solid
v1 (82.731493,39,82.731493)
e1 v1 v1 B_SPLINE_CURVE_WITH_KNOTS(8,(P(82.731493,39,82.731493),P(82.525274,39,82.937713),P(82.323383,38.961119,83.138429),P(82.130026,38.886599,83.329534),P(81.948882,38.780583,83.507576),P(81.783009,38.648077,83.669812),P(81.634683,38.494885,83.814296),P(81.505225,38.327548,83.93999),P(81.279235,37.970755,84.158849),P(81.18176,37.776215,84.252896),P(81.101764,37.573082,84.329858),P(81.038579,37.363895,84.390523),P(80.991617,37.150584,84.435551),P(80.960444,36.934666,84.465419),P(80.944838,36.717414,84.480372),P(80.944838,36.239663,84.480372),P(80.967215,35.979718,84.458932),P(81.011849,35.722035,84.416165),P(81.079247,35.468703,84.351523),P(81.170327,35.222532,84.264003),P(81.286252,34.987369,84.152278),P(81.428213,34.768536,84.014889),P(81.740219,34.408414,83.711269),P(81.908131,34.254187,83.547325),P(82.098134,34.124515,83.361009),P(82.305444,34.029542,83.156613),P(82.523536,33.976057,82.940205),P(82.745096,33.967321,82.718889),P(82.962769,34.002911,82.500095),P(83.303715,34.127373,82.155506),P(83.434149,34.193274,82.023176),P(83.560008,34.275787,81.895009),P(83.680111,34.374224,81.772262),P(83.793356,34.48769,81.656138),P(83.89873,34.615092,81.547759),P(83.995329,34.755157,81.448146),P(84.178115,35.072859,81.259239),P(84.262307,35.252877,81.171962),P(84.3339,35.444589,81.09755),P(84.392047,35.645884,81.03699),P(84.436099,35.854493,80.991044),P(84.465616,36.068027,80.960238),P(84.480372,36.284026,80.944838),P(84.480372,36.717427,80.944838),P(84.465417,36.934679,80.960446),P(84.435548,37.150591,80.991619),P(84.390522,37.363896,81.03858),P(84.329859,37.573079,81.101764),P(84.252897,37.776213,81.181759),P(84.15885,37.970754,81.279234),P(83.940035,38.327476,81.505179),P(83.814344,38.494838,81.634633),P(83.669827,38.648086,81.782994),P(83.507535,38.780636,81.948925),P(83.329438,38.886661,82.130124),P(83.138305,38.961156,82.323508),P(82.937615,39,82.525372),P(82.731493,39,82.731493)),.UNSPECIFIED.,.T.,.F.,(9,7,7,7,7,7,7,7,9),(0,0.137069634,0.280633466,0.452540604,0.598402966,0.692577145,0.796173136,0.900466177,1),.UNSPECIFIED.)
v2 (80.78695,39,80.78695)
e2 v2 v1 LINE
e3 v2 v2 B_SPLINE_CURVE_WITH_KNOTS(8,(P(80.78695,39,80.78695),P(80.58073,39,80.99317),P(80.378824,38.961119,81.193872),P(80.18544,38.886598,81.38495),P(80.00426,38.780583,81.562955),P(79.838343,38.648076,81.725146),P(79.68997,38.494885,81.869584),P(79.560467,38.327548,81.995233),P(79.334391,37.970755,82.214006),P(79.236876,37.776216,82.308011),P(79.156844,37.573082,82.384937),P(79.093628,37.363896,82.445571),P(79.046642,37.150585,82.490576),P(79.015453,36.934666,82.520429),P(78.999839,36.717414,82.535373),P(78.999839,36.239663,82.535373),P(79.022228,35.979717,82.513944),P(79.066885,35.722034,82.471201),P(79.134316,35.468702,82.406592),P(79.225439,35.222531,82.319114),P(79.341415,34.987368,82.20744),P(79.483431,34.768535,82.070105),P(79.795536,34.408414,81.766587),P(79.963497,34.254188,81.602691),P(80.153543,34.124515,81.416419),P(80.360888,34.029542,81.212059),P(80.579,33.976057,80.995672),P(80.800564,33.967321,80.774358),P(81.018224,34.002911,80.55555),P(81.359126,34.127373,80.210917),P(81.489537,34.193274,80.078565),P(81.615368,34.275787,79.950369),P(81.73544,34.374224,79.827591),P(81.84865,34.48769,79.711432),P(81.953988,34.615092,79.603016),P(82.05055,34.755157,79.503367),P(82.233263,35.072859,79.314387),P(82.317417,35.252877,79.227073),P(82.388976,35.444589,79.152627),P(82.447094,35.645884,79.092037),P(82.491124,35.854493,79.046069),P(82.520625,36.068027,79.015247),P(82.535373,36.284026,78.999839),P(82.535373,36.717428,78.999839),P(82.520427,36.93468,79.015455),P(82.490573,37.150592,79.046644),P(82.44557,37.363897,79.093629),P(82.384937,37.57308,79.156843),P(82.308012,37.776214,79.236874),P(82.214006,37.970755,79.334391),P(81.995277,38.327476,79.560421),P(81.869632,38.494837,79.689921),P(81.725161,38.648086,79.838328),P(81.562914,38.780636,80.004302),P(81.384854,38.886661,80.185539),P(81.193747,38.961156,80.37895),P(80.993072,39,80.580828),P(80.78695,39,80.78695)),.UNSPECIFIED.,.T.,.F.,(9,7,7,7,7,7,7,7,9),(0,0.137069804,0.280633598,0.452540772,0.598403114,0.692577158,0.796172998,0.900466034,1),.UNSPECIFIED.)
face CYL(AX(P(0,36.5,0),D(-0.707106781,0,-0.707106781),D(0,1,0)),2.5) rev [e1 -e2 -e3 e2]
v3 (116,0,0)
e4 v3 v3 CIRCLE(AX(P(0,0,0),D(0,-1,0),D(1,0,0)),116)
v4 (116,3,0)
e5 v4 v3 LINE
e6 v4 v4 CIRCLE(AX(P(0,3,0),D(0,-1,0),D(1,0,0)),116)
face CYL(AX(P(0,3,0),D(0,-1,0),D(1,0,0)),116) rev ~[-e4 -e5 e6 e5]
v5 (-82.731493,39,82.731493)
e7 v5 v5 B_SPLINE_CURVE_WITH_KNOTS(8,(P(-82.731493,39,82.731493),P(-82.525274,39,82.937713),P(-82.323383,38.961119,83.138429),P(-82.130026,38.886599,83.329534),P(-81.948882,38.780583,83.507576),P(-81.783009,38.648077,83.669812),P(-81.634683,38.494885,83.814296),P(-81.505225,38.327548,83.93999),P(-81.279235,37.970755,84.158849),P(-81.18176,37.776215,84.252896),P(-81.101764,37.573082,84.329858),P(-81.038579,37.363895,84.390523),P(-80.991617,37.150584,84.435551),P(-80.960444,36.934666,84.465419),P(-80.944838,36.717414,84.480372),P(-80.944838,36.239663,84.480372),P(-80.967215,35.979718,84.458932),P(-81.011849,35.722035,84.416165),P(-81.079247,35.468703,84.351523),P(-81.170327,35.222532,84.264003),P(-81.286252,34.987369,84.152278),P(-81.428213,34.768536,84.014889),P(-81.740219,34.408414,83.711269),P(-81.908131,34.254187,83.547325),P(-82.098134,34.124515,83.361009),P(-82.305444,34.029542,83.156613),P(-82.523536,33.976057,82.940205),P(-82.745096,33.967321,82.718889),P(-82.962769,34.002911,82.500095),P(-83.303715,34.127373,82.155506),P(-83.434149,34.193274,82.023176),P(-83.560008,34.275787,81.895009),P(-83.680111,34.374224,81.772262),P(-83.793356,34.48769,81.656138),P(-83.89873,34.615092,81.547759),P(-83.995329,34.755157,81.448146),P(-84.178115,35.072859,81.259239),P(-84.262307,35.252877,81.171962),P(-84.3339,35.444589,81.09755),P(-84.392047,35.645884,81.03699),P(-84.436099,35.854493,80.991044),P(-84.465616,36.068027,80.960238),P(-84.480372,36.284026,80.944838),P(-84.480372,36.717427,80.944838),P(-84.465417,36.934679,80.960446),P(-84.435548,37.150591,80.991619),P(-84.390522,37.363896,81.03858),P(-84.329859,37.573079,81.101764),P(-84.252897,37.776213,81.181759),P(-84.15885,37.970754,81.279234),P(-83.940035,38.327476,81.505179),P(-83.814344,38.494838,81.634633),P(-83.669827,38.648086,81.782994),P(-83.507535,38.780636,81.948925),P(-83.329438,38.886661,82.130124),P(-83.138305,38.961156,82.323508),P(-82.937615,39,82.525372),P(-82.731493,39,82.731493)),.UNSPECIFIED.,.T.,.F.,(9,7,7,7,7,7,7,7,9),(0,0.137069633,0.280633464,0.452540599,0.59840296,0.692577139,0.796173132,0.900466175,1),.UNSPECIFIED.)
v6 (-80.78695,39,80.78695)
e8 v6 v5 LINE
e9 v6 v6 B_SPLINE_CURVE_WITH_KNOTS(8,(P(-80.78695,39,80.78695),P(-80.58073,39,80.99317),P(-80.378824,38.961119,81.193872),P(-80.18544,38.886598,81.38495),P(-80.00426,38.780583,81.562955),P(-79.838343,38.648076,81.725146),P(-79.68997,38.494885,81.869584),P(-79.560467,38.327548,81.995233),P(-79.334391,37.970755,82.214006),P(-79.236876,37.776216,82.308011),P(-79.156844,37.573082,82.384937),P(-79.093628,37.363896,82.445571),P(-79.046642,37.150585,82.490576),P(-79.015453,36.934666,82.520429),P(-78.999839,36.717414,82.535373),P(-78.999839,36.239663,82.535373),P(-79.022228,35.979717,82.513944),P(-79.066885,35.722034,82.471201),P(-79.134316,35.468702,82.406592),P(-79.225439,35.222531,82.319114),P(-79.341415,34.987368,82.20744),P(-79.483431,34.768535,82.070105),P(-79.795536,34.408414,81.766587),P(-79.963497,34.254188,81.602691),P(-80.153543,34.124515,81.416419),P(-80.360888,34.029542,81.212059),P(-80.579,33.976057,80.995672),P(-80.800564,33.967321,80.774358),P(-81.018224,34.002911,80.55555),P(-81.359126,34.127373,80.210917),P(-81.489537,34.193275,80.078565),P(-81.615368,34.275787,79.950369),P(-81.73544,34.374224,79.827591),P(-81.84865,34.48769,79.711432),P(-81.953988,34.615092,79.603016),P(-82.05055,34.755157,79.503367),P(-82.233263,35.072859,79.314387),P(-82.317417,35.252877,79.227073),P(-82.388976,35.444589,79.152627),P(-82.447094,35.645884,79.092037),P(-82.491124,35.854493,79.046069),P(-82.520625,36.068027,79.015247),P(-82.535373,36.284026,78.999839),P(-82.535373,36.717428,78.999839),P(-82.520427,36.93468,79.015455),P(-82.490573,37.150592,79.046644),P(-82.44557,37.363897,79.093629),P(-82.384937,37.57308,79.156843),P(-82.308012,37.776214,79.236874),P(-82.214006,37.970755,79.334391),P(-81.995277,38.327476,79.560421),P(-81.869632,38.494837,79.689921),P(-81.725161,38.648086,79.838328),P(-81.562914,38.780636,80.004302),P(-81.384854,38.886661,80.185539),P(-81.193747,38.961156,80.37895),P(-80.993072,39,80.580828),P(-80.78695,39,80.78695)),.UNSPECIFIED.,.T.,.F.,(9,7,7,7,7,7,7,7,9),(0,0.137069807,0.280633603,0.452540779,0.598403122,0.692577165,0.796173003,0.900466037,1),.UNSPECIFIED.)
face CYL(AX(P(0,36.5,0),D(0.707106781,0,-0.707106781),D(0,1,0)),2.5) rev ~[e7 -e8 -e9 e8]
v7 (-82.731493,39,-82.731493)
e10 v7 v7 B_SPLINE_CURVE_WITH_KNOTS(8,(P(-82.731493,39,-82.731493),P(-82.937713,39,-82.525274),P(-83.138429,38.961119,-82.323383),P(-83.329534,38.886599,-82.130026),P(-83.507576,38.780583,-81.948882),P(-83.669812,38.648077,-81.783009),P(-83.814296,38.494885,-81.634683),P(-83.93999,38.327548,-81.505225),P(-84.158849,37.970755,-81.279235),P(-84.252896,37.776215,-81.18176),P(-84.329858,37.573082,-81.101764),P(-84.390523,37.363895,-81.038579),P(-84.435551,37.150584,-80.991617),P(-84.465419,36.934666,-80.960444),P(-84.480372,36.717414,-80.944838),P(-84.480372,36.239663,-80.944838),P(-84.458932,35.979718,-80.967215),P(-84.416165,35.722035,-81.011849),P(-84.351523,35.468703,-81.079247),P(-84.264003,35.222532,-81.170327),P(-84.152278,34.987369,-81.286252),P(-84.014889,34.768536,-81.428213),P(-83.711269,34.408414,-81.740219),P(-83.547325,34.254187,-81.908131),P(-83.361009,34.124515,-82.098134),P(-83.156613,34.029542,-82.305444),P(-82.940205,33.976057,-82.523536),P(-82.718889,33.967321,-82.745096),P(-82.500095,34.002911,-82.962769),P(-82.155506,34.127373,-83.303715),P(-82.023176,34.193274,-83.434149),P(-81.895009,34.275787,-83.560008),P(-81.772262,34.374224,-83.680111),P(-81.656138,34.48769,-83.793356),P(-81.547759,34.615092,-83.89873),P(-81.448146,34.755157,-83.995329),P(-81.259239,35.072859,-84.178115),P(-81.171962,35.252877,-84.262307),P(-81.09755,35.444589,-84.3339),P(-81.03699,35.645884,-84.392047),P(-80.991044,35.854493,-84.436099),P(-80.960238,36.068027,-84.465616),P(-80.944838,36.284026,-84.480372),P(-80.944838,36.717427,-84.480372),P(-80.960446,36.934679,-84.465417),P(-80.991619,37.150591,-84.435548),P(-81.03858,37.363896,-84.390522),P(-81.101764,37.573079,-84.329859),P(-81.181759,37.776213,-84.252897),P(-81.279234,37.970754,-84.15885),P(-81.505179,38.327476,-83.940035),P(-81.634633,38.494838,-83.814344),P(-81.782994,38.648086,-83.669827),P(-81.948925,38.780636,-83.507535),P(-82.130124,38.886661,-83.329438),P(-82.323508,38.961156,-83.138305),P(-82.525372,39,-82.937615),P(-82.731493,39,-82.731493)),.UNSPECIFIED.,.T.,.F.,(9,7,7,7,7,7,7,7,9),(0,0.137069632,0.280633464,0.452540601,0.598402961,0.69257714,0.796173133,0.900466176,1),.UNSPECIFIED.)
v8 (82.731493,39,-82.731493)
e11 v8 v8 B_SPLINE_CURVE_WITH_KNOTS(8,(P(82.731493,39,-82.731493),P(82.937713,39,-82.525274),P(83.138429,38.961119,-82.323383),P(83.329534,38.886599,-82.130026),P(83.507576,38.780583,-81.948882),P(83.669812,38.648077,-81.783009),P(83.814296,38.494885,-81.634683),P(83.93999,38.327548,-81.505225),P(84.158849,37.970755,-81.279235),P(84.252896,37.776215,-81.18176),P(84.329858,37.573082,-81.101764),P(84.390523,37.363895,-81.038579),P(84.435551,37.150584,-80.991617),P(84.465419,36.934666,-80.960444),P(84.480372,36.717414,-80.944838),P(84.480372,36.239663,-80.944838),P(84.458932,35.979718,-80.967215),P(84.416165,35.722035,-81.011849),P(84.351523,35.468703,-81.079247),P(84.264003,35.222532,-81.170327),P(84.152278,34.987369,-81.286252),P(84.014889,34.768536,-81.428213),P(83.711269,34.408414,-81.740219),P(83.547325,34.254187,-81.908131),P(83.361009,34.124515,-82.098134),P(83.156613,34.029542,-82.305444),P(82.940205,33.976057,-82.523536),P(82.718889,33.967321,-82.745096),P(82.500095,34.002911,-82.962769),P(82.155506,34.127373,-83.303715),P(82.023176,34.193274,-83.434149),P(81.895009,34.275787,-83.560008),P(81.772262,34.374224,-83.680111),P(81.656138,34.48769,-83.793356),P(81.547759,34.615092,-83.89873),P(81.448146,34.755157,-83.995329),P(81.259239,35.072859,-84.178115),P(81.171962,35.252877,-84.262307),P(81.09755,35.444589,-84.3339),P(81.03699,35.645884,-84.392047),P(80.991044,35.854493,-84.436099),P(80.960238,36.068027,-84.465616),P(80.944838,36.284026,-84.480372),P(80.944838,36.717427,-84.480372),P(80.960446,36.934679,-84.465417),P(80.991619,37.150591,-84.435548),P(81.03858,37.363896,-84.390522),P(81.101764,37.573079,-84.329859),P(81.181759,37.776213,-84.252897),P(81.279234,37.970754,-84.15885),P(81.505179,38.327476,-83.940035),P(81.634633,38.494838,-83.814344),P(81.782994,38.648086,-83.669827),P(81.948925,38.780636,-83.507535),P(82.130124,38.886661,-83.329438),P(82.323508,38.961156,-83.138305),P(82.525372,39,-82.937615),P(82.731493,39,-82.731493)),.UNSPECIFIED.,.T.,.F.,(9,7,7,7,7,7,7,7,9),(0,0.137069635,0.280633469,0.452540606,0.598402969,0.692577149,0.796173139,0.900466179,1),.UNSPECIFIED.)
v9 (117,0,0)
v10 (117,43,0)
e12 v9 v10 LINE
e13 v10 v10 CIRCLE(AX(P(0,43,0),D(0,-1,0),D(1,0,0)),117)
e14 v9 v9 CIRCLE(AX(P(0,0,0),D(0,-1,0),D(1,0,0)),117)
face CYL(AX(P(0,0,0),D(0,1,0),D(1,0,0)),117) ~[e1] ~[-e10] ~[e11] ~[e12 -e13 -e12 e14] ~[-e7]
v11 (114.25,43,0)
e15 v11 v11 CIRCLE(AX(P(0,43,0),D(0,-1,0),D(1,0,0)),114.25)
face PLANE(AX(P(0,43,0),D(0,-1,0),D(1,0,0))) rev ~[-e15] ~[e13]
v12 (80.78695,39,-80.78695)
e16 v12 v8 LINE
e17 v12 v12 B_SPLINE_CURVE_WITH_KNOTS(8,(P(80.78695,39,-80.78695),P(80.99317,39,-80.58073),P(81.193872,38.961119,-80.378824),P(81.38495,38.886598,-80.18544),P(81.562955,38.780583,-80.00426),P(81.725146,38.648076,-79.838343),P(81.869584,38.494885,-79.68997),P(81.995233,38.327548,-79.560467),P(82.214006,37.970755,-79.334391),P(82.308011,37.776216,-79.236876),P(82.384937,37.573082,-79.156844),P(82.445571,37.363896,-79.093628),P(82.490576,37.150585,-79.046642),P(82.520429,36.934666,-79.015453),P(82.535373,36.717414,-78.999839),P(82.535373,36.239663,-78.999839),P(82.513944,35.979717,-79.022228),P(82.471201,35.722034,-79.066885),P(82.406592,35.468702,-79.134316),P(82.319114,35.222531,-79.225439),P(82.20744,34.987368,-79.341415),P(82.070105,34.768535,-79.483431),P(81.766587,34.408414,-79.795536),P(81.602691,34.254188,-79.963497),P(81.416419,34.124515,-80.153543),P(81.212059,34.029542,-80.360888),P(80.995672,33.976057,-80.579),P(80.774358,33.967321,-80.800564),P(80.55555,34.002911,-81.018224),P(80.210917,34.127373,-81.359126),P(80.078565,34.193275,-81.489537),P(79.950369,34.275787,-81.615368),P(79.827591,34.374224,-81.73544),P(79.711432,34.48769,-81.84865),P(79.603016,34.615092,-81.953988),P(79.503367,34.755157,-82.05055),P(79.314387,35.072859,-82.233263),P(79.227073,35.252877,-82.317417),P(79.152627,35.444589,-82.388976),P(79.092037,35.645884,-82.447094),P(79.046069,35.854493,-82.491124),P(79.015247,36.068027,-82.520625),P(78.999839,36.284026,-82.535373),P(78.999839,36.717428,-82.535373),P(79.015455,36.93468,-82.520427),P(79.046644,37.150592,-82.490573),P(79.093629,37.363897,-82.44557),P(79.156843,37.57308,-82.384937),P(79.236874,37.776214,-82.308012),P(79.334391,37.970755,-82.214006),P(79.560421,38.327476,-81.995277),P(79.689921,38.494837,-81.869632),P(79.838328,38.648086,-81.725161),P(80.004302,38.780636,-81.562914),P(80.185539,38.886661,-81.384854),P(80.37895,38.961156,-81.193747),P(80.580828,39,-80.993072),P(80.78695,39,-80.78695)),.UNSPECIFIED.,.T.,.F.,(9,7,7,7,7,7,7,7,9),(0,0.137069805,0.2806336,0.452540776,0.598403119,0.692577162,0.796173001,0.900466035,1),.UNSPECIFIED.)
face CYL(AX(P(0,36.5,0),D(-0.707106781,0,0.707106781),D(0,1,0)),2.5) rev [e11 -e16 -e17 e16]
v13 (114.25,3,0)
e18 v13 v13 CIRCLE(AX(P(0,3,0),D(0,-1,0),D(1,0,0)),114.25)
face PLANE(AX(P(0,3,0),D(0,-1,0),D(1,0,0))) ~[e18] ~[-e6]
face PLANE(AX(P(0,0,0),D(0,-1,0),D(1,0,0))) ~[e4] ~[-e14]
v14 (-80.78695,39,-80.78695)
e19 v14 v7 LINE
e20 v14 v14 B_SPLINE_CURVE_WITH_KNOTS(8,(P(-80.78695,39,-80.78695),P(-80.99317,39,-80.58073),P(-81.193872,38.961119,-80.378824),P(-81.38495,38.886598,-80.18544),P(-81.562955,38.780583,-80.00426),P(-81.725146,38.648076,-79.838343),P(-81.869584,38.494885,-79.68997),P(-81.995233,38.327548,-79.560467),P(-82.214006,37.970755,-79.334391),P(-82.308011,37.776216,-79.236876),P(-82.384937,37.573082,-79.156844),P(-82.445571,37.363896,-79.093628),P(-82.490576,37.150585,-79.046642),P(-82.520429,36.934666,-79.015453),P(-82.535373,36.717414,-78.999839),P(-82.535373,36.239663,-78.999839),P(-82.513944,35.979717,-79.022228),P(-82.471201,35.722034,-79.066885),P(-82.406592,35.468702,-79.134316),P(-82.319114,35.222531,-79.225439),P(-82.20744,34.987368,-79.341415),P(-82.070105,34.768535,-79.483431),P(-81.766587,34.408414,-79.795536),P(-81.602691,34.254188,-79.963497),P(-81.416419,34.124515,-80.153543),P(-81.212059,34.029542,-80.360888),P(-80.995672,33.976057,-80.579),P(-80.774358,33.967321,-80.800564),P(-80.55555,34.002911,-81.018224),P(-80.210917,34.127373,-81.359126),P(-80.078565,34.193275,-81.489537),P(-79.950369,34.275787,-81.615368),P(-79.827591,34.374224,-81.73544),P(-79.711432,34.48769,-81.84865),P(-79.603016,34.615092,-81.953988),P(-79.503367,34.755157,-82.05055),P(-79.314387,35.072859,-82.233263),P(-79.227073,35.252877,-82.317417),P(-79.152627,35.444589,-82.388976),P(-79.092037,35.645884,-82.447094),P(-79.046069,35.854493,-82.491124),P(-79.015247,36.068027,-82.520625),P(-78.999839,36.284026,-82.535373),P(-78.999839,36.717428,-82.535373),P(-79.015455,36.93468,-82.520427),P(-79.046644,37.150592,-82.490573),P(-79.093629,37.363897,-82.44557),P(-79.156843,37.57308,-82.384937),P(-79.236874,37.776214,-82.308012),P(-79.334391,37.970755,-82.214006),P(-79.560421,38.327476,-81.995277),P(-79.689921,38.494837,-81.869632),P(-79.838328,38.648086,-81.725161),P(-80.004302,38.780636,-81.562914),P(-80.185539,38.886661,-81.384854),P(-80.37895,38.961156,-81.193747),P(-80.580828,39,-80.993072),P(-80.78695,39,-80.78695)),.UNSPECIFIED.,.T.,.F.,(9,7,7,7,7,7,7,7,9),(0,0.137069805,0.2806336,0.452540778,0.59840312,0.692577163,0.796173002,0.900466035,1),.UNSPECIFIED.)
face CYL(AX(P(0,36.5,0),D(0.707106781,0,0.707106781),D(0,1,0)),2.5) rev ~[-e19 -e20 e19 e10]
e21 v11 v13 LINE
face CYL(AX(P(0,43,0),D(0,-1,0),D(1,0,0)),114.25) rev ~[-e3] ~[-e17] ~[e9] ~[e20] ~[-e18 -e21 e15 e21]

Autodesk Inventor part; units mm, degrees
ref_plane "XZ Plane" through (0, 0, 0) normal (0, 1, 0) x (-1, 0, 0)
ref_plane "XY Plane" through (0, 0, 0) normal (0, 0, 1) x (1, 0, 0)
sketch "Sketch1" plane through (0, 0, 0) normal (0, 0, 1) x (1, 0, 0)
  line L0 (0, 0) -> (0, -20.7931)
  line L1 (117, 0) -> (117, 43)
  line L2 (117, 43) -> (114.25, 43)
  line L3 (114.25, 43) -> (114.25, 3)
  line L4 (114.25, 3) -> (116, 3)
  line L5 (116, 3) -> (116, 0)
  line L6 (116, 0) -> (117, 0)
  dimension "d1" = 234
  dimension "d2" = 228.5
  dimension "d6" = 1
  dimension "d7" = 3
revolve "Revolution1" add sketch "Sketch1" angle 360 about axis through (0, 0, 0) along (0, -1, 0)
ref_plane "Work Plane1" through (0, 0, 0) normal (0.7071, 0, -0.7071) x (0, 1, 0)
sketch "Sketch2" plane through (0, 0, 0) normal (0.7071, 0, -0.7071) x (0, 1, 0)
  circle A0 centre (36.5, 0) radius 2.5
  line L0 (43, 117) -> (43, -117) construction
  point P0 (0, 0)
  point P1 (43, 0)
  dimension "d9" = 5
  dimension "d10" = 6.5
extrude "Extrusion1" cut sketch "Sketch2" along normal through all both and the other way through all
pattern_circular "Circular Pattern1" count 4 over 360 about axis through (0, 21.5, 0) along (0, -1, 0) of "Extrusion1"
properties part number "bucket" material "ABS Plastic"
